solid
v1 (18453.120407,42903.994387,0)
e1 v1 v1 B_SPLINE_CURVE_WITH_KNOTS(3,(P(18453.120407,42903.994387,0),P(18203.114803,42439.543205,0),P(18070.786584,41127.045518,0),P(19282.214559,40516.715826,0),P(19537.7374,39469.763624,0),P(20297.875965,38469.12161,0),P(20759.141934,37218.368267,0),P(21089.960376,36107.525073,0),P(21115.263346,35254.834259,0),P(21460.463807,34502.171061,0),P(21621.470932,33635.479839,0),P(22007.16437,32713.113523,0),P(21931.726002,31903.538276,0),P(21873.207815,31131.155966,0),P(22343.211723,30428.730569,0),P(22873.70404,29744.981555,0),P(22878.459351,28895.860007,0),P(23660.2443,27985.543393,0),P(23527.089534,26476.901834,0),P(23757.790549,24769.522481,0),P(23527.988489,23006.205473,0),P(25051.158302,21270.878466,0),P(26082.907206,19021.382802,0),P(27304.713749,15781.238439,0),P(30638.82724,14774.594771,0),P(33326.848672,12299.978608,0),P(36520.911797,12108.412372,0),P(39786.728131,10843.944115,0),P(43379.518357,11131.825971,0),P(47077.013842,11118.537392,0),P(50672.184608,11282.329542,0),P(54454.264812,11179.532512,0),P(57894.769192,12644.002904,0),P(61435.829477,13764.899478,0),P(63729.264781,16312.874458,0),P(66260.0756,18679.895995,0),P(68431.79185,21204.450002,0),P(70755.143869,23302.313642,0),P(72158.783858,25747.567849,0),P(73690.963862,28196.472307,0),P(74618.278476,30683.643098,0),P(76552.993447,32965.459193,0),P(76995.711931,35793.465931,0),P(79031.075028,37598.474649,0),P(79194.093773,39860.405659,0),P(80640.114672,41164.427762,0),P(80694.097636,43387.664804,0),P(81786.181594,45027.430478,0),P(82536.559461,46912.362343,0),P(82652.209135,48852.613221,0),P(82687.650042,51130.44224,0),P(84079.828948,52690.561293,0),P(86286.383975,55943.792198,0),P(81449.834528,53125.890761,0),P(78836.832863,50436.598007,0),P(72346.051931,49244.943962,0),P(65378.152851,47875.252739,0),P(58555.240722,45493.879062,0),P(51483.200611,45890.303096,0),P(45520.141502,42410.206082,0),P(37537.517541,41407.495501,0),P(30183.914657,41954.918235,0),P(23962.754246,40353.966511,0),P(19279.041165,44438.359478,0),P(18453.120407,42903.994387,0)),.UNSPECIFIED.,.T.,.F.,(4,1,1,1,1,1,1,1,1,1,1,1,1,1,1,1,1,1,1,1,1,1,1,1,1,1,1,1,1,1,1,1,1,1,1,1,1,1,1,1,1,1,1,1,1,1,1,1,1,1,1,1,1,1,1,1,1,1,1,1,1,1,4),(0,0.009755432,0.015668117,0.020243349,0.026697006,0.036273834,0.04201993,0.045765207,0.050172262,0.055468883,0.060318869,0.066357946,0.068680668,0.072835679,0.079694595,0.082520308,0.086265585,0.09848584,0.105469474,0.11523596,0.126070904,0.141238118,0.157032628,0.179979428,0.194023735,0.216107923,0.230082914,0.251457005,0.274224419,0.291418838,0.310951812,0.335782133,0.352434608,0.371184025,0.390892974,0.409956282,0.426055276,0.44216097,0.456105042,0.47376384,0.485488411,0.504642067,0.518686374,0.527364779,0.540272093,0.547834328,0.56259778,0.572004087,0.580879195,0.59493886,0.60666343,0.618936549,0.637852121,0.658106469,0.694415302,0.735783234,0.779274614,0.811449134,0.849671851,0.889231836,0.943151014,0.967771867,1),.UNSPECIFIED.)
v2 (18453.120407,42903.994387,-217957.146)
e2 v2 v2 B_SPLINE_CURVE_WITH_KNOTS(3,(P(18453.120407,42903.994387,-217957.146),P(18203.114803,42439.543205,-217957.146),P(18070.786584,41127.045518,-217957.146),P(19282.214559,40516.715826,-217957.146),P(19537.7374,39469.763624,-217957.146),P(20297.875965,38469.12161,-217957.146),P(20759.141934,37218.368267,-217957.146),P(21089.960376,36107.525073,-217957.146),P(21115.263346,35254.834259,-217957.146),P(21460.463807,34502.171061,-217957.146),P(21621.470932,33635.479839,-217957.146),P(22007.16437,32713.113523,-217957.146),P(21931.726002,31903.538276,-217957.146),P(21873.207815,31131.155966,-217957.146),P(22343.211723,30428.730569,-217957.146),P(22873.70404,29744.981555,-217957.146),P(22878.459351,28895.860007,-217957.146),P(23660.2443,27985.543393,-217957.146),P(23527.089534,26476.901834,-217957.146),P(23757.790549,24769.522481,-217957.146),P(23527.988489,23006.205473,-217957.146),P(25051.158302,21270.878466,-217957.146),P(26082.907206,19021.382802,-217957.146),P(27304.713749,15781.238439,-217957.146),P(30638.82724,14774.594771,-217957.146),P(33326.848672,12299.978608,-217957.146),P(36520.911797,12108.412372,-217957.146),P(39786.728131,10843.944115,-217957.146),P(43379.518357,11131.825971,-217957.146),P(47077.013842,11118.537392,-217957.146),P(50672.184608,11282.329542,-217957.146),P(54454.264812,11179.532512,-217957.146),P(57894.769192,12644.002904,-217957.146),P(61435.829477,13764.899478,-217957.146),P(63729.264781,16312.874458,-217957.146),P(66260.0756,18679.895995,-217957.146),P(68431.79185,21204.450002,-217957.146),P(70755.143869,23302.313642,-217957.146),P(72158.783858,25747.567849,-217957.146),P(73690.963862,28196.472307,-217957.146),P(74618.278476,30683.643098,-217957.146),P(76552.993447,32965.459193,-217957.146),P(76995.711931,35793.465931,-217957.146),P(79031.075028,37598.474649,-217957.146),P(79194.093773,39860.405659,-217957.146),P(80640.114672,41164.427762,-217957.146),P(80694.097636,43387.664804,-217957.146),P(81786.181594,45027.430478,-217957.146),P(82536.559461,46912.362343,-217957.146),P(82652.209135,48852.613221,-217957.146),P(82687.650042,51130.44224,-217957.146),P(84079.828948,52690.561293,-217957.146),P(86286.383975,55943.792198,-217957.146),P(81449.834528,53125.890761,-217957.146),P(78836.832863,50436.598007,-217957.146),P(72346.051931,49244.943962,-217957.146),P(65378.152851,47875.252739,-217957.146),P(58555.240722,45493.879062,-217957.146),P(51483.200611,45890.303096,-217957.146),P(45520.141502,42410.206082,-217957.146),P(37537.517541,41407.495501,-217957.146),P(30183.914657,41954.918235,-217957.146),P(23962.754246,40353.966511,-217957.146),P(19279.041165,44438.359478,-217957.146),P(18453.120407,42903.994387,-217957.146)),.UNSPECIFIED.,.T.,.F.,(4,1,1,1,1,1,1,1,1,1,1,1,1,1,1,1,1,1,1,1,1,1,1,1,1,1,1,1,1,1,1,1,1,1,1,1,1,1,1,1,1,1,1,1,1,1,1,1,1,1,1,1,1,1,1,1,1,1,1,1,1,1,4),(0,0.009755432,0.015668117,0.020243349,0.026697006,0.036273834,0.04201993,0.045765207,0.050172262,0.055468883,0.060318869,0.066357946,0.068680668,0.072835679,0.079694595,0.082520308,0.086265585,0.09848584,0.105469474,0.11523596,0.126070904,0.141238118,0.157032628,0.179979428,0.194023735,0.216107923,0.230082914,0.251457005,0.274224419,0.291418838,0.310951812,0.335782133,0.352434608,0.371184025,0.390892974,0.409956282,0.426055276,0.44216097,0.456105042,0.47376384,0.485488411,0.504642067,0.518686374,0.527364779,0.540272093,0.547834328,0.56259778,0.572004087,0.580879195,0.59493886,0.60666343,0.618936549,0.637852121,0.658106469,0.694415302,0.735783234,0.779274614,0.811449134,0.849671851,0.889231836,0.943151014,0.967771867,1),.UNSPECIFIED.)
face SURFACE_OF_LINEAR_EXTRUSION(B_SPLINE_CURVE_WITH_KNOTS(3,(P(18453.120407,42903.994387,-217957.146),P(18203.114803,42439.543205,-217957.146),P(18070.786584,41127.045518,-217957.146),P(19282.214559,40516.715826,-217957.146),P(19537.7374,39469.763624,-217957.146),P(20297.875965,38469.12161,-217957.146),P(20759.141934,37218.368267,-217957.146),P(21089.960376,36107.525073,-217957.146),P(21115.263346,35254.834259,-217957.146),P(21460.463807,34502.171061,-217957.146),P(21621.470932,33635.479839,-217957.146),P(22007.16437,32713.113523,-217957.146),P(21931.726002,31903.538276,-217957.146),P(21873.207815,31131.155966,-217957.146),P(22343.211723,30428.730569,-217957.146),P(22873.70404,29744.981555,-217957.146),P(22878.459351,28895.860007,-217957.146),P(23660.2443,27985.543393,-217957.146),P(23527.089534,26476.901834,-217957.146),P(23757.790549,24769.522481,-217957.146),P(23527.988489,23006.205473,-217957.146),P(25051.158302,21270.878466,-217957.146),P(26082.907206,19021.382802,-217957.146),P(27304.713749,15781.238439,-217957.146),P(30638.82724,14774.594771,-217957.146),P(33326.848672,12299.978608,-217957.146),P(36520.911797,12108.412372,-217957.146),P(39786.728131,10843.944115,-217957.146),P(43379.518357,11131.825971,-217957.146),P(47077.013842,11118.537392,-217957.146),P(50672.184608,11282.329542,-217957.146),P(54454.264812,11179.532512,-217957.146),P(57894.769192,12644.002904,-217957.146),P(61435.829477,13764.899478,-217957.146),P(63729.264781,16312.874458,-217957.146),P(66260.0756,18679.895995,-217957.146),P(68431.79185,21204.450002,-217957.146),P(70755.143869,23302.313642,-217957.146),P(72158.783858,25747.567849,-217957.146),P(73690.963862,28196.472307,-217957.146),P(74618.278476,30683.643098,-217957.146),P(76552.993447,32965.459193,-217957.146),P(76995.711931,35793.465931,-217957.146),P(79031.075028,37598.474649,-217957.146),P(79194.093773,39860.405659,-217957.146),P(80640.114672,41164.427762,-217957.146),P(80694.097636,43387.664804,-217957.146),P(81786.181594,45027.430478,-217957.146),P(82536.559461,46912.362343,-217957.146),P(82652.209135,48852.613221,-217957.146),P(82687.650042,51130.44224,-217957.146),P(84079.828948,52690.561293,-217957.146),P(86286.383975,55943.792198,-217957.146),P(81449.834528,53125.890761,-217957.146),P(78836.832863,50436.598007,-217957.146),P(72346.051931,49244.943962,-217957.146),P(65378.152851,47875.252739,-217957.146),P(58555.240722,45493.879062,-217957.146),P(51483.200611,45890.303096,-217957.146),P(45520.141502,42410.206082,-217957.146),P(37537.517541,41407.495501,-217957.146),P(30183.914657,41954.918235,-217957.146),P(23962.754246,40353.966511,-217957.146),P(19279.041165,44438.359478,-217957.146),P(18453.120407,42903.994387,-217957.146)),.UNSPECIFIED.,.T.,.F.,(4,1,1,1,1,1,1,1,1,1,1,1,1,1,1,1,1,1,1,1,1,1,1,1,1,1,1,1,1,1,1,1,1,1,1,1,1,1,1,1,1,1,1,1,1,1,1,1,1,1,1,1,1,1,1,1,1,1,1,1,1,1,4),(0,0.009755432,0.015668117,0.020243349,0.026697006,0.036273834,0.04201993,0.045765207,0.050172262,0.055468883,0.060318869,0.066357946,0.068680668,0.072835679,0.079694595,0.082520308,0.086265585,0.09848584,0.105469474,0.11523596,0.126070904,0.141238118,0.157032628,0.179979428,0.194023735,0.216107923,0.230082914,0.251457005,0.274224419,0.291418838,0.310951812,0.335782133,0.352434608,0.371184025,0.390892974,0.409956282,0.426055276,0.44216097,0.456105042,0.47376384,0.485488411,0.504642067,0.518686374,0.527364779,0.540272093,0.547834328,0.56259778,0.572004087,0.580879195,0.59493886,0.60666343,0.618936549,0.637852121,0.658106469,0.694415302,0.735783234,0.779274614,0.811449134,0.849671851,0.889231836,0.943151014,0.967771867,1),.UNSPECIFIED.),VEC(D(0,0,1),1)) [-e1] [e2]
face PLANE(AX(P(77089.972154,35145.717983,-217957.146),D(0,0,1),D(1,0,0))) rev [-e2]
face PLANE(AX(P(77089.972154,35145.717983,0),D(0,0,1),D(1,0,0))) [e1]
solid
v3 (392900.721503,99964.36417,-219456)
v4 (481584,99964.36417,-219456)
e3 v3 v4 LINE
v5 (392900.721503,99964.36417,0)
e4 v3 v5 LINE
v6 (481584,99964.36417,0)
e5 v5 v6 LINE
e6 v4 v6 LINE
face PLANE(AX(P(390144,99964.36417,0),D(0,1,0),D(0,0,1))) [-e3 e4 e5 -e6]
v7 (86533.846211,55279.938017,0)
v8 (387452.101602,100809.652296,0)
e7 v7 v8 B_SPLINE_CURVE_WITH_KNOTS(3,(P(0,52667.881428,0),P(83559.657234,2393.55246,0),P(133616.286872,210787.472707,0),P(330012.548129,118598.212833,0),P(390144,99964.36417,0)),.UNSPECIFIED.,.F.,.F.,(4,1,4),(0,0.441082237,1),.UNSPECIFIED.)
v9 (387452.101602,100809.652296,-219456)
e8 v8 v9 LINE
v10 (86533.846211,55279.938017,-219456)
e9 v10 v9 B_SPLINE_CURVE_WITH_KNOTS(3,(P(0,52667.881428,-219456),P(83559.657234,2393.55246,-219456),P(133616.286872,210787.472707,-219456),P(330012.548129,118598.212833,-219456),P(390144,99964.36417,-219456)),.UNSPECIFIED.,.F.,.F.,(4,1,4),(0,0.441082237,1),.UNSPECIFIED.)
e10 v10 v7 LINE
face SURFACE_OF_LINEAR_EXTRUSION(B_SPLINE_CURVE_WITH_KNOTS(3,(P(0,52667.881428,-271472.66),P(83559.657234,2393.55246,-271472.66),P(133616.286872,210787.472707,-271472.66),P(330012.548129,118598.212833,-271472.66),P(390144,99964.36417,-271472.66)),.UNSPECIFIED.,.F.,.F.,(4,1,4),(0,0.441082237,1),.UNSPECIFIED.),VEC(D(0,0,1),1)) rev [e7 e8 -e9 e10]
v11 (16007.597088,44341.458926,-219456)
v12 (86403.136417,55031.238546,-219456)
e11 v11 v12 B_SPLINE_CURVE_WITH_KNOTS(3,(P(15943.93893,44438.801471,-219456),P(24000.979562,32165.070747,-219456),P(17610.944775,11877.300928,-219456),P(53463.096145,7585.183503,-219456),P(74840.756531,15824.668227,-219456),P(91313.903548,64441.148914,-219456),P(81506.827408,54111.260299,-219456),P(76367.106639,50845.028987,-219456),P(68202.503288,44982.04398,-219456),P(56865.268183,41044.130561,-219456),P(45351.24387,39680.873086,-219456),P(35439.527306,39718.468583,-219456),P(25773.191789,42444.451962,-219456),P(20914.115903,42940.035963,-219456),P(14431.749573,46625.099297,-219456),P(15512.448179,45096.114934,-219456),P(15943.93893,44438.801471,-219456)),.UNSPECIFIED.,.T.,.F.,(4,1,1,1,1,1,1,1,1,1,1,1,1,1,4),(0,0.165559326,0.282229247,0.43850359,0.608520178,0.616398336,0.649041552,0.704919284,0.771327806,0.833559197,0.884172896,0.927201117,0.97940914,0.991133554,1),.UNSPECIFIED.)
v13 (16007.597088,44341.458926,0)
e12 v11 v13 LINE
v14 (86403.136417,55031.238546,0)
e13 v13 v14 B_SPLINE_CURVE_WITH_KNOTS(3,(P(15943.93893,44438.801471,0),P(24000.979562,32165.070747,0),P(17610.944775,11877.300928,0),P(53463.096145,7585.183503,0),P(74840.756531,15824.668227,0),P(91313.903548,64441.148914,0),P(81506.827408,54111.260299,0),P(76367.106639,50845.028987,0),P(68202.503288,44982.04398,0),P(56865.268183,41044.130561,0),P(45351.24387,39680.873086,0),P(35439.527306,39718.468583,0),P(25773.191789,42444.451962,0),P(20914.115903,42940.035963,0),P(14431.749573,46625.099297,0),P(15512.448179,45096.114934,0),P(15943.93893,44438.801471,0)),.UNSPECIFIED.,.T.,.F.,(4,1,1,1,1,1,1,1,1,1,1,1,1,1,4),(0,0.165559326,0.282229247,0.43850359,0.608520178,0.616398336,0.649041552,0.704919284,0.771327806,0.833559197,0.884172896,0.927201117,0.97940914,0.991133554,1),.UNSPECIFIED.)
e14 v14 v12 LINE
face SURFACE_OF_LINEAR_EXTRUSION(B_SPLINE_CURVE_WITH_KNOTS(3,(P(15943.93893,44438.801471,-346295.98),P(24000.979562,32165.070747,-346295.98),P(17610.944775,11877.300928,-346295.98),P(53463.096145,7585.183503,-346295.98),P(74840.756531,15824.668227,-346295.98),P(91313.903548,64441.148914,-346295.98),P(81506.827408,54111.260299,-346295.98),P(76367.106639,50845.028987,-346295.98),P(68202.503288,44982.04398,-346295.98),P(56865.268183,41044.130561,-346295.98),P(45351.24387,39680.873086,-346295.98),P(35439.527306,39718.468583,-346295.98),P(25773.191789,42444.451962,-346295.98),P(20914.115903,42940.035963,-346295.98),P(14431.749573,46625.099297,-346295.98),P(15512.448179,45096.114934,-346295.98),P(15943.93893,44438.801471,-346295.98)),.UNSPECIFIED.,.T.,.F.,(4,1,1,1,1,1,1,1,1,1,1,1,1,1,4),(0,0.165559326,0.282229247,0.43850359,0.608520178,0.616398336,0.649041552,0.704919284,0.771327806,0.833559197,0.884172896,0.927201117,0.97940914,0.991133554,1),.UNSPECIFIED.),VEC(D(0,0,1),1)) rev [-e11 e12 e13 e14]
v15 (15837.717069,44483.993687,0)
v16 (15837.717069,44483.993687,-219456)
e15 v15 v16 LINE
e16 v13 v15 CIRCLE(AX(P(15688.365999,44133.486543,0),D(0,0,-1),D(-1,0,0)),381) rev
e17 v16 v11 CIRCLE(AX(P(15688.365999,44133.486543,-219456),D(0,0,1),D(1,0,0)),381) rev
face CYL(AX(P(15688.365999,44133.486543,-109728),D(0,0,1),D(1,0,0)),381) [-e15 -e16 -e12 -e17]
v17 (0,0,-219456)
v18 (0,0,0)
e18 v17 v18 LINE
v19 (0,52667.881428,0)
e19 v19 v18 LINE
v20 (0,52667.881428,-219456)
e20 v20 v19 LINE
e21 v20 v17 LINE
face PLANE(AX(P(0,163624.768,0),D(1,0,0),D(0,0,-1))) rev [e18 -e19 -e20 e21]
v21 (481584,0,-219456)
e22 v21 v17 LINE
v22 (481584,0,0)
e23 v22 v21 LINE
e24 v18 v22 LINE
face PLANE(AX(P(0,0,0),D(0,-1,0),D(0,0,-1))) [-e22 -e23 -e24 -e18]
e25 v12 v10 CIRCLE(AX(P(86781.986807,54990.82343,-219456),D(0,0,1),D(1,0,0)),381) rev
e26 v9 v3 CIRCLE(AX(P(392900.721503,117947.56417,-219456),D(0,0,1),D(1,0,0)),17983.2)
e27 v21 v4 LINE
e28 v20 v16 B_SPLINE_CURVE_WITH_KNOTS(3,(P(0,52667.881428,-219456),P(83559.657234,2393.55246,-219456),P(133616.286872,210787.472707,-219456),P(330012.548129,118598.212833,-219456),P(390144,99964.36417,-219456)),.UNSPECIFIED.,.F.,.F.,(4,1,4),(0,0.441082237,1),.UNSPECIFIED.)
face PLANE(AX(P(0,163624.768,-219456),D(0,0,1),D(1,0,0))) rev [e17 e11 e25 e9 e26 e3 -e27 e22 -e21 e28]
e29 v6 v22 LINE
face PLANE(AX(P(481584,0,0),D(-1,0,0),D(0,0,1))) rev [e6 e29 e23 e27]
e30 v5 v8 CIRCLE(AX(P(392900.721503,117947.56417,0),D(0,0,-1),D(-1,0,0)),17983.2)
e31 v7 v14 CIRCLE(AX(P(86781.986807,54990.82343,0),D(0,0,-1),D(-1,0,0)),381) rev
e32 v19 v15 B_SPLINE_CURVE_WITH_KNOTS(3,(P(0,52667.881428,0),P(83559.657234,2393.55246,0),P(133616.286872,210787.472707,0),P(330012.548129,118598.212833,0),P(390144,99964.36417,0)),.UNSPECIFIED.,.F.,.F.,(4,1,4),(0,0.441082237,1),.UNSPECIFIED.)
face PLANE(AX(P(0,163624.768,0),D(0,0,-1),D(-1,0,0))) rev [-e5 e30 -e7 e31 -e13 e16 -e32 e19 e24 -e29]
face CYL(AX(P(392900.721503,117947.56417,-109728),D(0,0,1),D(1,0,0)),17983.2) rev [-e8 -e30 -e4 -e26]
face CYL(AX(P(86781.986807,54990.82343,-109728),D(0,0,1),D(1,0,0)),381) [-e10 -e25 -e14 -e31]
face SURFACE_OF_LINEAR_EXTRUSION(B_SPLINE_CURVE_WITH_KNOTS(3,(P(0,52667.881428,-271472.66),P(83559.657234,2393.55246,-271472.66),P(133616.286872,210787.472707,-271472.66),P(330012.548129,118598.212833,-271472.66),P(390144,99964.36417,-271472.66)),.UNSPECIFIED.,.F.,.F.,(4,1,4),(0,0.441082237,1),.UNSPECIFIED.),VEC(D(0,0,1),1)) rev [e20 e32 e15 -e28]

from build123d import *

# Parameters (mm, degrees)
SKETCH1_W            = 390144
SKETCH1_H            = 219456
BOSS_EXTRUDE1_DEPTH  = 163624.768
CUT_EXTRUDE2_DEPTH   = 271472.66
CUT_EXTRUDE3_DEPTH   = 346295.98
BOSS_EXTRUDE10_DEPTH = 217957.146
FILLET2_R            = 381
BOSS_EXTRUDE11_DEPTH = 91440
FILLET5_R            = 17983.2


with BuildPart() as part:
    # Sketch1 → Boss-Extrude1 (new body)
    with BuildSketch(Plane(origin=(0, 0, 0), x_dir=(1, 0, 0), z_dir=(0, 1, 0))):
        with Locations((195072, 109728)):
            Rectangle(SKETCH1_W, SKETCH1_H)
    extrude(amount=BOSS_EXTRUDE1_DEPTH)

    # Sketch3 → Cut-Extrude2 (cut)
    with BuildSketch(Plane.XY):
        with BuildLine():
            Line((0, 163624.768), (0, 52667.881428276))
            add(Edge.make_bspline(
                [(0, 52667.881428276), (83559.657234125, 2393.552459645), (133616.286871643, 210787.472707253), (330012.548128856, 118598.212832559), (390144, 99964.364170083)],
                knots=[0, 0, 0, 0, 0.441082237, 1, 1, 1, 1], degree=3))
            Line((390144, 99964.364170083), (390144, 163624.768))
            Line((390144, 163624.768), (0, 163624.768))
        make_face()
    extrude(amount=-CUT_EXTRUDE2_DEPTH, mode=Mode.SUBTRACT)

    # Sketch5 → Cut-Extrude3 (cut)
    with BuildSketch(Plane.XY):
        with BuildLine():
            add(Edge.make_bspline(
                [(15943.938929574, 44438.801470526), (24000.97956224, 32165.070747339), (17610.944775244, 11877.30092773), (53463.096145325, 7585.183503069), (74840.756530718, 15824.668226501), (91313.903548003, 64441.148914276), (81506.827408491, 54111.260298517), (76367.106638933, 50845.028986764), (68202.503287718, 44982.043979714), (56865.268182729, 41044.130560663), (45351.243870284, 39680.873085513), (35439.52730638, 39718.468582586), (25773.191789485, 42444.451962246), (20914.115902546, 42940.035962595), (14431.749573097, 46625.099297439), (15512.448178871, 45096.114934007), (15943.938929574, 44438.801470526)],
                knots=[0, 0, 0, 0, 0.165559326, 0.282229247, 0.43850359, 0.608520178, 0.616398336, 0.649041552, 0.704919284, 0.771327806, 0.833559197, 0.884172896, 0.927201117, 0.97940914, 0.991133554, 1, 1, 1, 1], degree=3))
        make_face()
    extrude(amount=-CUT_EXTRUDE3_DEPTH, mode=Mode.SUBTRACT)

    # Fillet2
    fillet2_edges = [part.edges().sort_by_distance(p)[0] for p in [
        (86418.162687109, 55180.787024423, -109728.0000003),
        (15943.938929574, 44438.801470526, -109728),
    ]]
    fillet(fillet2_edges, radius=FILLET2_R)

    # 3DSketch1 → Boss-Extrude11 (add)
    with BuildSketch(Plane(origin=(390144, 99964.364170083, 0), x_dir=(0, -0.4145301477800845, -0.9100355798436791), z_dir=(1, 0, 0))):
        Polygon((0, 0), (199712.768210174, 90971.128111226), (241151.010862341, 0), (41438.242652167, -90971.128111226), align=None)
    extrude(amount=BOSS_EXTRUDE11_DEPTH)

    # Fillet5
    fillet5_edges = [part.edges().sort_by_distance(p)[0] for p in [
        (390144, 99964.364170083, -109728),
    ]]
    fillet(fillet5_edges, radius=FILLET5_R)


with BuildPart() as body_2:
    # Sketch7 → Boss-Extrude10 (new body)
    with BuildSketch(Plane.XY):
        with BuildLine():
            add(Edge.make_bspline(
                [(18453.120407378, 42903.994387305), (19279.041164545, 44438.359478442), (23962.754245909, 40353.966510886), (30183.914656624, 41954.918234595), (37537.517540702, 41407.495500827), (45520.141502476, 42410.20608213), (51483.200610616, 45890.303096084), (58555.240721572, 45493.879061531), (65378.152851453, 47875.252739367), (72346.051931403, 49244.943962097), (78836.832862775, 50436.598007467), (81449.834528039, 53125.890760716), (86286.383974804, 55943.792197896), (84079.828947511, 52690.56129342), (82687.650042025, 51130.442240318), (82652.20913462, 48852.613221119), (82536.559461446, 46912.362342799), (81786.181594424, 45027.430478035), (80694.097635989, 43387.664804339), (80640.114672071, 41164.427762298), (79194.093773283, 39860.405658614), (79031.075028234, 37598.474648959), (76995.711930968, 35793.465930894), (76552.993446523, 32965.459192935), (74618.278475675, 30683.643097539), (73690.963861706, 28196.472307104), (72158.783858075, 25747.567848519), (70755.143868881, 23302.313641523), (68431.791849782, 21204.450001992), (66260.075599825, 18679.895994982), (63729.264781367, 16312.874457665), (61435.829477051, 13764.899477549), (57894.769191582, 12644.002904495), (54454.264811842, 11179.532512239), (50672.184607871, 11282.329542294), (47077.013841889, 11118.537392031), (43379.518356676, 11131.82597057), (39786.728131325, 10843.944114795), (36520.911796858, 12108.412372349), (33326.848672141, 12299.978608234), (30638.827239635, 14774.594771298), (27304.713749387, 15781.238439444), (26082.907205575, 19021.382801849), (25051.158302423, 21270.87846555), (23527.988488687, 23006.205473198), (23757.790549199, 24769.522480588), (23527.089533642, 26476.901833534), (23660.244299618, 27985.543393399), (22878.459351482, 28895.86000685), (22873.704039919, 29744.981554663), (22343.211723379, 30428.730568969), (21873.207815252, 31131.155966318), (21931.726002228, 31903.538275755), (22007.164370441, 32713.113522625), (21621.470932193, 33635.479839131), (21460.463807293, 34502.171061317), (21115.263346129, 35254.834259194), (21089.960375994, 36107.525072825), (20759.141933772, 37218.368267333), (20297.875964607, 38469.12161049), (19537.737400256, 39469.763624097), (19282.214559018, 40516.71582602), (18070.786584019, 41127.045518015), (18203.114802691, 42439.543204681), (18453.120407378, 42903.994387305)],
                knots=[0, 0, 0, 0, 0.032228133, 0.056848986, 0.110768164, 0.150328149, 0.188550866, 0.220725386, 0.264216766, 0.305584698, 0.341893531, 0.362147879, 0.381063451, 0.39333657, 0.40506114, 0.419120805, 0.427995913, 0.43740222, 0.452165672, 0.459727907, 0.472635221, 0.481313626, 0.495357933, 0.514511589, 0.52623616, 0.543894958, 0.55783903, 0.573944724, 0.590043718, 0.609107026, 0.628815975, 0.647565392, 0.664217867, 0.689048188, 0.708581162, 0.725775581, 0.748542995, 0.769917086, 0.783892077, 0.805976265, 0.820020572, 0.842967372, 0.858761882, 0.873929096, 0.88476404, 0.894530526, 0.90151416, 0.913734415, 0.917479692, 0.920305405, 0.927164321, 0.931319332, 0.933642054, 0.939681131, 0.944531117, 0.949827738, 0.954234793, 0.95798007, 0.963726166, 0.973302994, 0.979756651, 0.984331883, 0.990244568, 1, 1, 1, 1], degree=3))
        make_face()
    extrude(amount=-BOSS_EXTRUDE10_DEPTH)


solid = Compound([part.part, body_2.part])
